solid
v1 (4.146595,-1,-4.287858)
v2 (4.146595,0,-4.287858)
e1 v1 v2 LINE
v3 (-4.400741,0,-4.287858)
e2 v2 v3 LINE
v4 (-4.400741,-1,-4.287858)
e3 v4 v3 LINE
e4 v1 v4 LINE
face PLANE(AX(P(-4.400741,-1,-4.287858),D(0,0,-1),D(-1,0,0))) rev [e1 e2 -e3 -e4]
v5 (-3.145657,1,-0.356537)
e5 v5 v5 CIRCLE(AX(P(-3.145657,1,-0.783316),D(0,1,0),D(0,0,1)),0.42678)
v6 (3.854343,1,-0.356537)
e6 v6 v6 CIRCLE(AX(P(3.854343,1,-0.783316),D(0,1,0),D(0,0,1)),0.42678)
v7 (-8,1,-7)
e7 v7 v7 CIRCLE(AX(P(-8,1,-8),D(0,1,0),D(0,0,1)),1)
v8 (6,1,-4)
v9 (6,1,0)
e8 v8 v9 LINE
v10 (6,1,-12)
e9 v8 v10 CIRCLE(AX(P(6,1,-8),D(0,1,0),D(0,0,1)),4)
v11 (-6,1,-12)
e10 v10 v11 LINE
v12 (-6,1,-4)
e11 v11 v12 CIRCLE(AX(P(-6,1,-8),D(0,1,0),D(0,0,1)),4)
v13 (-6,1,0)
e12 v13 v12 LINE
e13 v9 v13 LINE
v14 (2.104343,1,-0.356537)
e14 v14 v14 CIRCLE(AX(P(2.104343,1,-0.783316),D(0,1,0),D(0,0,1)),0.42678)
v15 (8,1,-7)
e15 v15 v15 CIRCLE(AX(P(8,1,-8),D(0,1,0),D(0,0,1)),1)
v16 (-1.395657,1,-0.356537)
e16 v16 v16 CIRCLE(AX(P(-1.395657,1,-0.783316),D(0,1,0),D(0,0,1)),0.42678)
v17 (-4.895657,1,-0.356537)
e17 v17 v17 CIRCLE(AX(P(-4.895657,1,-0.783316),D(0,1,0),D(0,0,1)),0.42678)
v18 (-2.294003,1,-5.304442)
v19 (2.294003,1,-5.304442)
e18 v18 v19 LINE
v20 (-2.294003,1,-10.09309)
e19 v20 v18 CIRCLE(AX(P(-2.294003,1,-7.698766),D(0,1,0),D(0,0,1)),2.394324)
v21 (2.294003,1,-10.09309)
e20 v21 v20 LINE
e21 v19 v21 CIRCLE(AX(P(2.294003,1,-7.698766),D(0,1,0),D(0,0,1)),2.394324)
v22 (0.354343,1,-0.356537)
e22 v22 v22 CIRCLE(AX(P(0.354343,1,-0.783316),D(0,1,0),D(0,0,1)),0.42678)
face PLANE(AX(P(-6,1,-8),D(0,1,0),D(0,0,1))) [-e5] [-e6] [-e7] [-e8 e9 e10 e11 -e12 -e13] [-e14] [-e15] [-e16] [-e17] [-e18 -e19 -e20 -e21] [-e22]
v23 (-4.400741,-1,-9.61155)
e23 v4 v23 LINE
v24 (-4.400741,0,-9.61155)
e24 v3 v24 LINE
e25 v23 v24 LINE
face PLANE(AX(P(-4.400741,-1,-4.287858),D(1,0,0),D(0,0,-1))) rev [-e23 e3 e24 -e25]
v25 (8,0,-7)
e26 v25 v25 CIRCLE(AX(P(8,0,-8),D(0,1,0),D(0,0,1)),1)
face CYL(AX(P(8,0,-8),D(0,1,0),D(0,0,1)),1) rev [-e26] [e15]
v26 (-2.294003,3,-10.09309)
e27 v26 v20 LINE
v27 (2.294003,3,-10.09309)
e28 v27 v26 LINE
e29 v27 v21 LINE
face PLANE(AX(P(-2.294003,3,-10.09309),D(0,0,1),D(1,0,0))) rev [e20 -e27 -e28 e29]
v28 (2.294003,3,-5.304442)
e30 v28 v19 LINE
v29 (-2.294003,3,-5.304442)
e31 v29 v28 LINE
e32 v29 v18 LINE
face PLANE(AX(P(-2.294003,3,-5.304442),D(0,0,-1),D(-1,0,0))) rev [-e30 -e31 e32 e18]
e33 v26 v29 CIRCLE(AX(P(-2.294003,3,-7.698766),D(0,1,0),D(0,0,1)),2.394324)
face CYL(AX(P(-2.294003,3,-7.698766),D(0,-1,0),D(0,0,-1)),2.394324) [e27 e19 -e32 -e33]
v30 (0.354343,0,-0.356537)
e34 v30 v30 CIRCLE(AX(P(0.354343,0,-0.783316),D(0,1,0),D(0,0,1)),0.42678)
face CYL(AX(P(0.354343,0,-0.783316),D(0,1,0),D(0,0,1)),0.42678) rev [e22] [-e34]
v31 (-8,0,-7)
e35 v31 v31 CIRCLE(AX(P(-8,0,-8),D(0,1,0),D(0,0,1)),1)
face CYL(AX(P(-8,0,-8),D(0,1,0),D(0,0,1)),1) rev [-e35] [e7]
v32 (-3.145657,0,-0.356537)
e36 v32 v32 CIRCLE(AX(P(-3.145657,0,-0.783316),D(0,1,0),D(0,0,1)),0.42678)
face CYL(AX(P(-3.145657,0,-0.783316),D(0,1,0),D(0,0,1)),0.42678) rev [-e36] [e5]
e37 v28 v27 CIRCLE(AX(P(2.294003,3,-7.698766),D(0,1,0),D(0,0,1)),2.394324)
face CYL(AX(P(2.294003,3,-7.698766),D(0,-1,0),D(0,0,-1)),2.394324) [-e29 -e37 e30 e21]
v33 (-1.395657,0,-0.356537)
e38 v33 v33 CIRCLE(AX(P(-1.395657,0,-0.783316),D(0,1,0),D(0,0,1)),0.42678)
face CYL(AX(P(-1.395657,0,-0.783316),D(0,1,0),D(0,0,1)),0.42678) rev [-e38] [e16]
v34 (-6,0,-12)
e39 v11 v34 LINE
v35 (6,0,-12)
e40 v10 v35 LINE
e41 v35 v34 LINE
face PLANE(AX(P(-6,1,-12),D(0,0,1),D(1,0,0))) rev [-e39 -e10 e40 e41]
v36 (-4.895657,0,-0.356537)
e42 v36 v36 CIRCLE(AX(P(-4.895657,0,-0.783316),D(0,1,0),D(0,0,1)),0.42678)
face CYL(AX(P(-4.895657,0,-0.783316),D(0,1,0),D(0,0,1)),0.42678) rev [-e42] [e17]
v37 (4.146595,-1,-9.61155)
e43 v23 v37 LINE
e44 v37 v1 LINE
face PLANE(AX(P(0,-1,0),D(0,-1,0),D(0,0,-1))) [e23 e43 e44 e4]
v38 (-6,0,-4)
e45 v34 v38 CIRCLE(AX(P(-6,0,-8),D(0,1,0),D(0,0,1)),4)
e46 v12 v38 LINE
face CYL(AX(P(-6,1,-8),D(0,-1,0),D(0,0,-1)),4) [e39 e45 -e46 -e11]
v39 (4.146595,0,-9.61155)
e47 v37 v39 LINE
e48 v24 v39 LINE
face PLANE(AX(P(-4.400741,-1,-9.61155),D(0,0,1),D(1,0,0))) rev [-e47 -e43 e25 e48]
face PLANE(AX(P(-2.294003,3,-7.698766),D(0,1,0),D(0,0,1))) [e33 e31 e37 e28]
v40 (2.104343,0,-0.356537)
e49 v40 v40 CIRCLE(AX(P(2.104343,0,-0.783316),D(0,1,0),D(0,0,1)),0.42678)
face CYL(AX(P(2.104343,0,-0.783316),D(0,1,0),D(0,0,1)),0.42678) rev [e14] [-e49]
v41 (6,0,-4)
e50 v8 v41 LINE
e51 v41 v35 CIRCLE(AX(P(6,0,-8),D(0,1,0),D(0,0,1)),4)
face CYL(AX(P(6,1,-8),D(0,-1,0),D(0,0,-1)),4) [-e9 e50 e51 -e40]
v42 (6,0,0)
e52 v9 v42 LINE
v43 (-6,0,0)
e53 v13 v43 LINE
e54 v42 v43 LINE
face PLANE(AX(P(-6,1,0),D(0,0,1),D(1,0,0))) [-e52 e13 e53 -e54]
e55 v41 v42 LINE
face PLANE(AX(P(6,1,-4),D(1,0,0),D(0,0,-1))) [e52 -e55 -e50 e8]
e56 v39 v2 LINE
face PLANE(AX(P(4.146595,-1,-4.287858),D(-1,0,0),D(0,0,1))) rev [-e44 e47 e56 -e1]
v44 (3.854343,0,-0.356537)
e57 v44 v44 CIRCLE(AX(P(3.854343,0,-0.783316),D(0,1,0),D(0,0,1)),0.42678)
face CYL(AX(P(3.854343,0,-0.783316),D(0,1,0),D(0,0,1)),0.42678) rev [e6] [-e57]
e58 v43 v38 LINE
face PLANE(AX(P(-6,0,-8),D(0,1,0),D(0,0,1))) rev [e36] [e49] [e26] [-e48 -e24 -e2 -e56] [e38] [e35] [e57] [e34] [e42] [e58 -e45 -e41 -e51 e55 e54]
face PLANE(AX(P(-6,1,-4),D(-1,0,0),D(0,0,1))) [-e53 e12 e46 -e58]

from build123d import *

# Parameters (mm, degrees)
BOSS_EXTRUDE1_DEPTH = 1
SKETCH2_W           = 12
SKETCH2_H           = 4
BOSS_EXTRUDE2_DEPTH = 1
SKETCH3_R           = 1
SKETCH3_R_2         = 0.426779722
CUT_EXTRUDE1_DEPTH  = 16.652475842
BOSS_EXTRUDE3_DEPTH = 2
SKETCH5_W           = 8.547335384
SKETCH5_H           = 5.323692461
BOSS_EXTRUDE4_DEPTH = 1


with BuildPart() as part:
    # Sketch1 → Boss-Extrude1 (new body)
    with BuildSketch(Plane(origin=(0, 0, 0), x_dir=(1, 0, 0), z_dir=(0, 1, 0))):
        with BuildLine():
            Line((-6, 12), (6, 12))
            ThreePointArc((6, 12), (10, 8), (6, 4))
            Line((6, 4), (-6, 4))
            ThreePointArc((-6, 4), (-10, 8), (-6, 12))
        make_face()
    extrude(amount=BOSS_EXTRUDE1_DEPTH)

    # Sketch2 → Boss-Extrude2 (add)
    with BuildSketch(Plane.XZ):
        with Locations((0, -2)):
            Rectangle(SKETCH2_W, SKETCH2_H)
    extrude(amount=-BOSS_EXTRUDE2_DEPTH)

    # Sketch3 → Cut-Extrude1 (cut, through all)
    with BuildSketch(Plane(origin=(0, 1, 0), x_dir=(1, 0, 0), z_dir=(0, 1, 0))):
        with Locations(Location((8, 8, 0), (0, 0, 270))):
            Circle(SKETCH3_R)
        with Locations(Location((-8, 8, 0), (0, 0, 270))):
            Circle(SKETCH3_R)
        with Locations(Location((-4.895656887, 0.783316432, 0), (0, 0, 270))):
            Circle(SKETCH3_R_2)
        with Locations(Location((-3.145656887, 0.783316432, 0), (0, 0, 270))):
            Circle(SKETCH3_R_2)
        with Locations(Location((-1.395656887, 0.783316432, 0), (0, 0, 270))):
            Circle(SKETCH3_R_2)
        with Locations(Location((0.354343113, 0.783316432, 0), (0, 0, 270))):
            Circle(SKETCH3_R_2)
        with Locations(Location((2.104343113, 0.783316432, 0), (0, 0, 270))):
            Circle(SKETCH3_R_2)
        with Locations(Location((3.854343113, 0.783316432, 0), (0, 0, 270))):
            Circle(SKETCH3_R_2)
    extrude(amount=-CUT_EXTRUDE1_DEPTH, mode=Mode.SUBTRACT)

    # Sketch4 → Boss-Extrude3 (add)
    with BuildSketch(Plane(origin=(0, 1, 0), x_dir=(1, 0, 0), z_dir=(0, 1, 0))):
        with BuildLine():
            Line((-2.294003159, 10.093090184), (2.294003159, 10.093090184))
            ThreePointArc((2.294003159, 10.093090184), (4.688327155, 7.698766187), (2.294003159, 5.304442191))
            Line((2.294003159, 5.304442191), (-2.294003159, 5.304442191))
            ThreePointArc((-2.294003159, 5.304442191), (-4.688327155, 7.698766187), (-2.294003159, 10.093090184))
        make_face()
    extrude(amount=BOSS_EXTRUDE3_DEPTH)

    # Sketch5 → Boss-Extrude4 (add)
    with BuildSketch(Plane.XZ):
        with Locations((-0.127073061, -6.949703932)):
            Rectangle(SKETCH5_W, SKETCH5_H)
    extrude(amount=BOSS_EXTRUDE4_DEPTH)


solid = part.part
